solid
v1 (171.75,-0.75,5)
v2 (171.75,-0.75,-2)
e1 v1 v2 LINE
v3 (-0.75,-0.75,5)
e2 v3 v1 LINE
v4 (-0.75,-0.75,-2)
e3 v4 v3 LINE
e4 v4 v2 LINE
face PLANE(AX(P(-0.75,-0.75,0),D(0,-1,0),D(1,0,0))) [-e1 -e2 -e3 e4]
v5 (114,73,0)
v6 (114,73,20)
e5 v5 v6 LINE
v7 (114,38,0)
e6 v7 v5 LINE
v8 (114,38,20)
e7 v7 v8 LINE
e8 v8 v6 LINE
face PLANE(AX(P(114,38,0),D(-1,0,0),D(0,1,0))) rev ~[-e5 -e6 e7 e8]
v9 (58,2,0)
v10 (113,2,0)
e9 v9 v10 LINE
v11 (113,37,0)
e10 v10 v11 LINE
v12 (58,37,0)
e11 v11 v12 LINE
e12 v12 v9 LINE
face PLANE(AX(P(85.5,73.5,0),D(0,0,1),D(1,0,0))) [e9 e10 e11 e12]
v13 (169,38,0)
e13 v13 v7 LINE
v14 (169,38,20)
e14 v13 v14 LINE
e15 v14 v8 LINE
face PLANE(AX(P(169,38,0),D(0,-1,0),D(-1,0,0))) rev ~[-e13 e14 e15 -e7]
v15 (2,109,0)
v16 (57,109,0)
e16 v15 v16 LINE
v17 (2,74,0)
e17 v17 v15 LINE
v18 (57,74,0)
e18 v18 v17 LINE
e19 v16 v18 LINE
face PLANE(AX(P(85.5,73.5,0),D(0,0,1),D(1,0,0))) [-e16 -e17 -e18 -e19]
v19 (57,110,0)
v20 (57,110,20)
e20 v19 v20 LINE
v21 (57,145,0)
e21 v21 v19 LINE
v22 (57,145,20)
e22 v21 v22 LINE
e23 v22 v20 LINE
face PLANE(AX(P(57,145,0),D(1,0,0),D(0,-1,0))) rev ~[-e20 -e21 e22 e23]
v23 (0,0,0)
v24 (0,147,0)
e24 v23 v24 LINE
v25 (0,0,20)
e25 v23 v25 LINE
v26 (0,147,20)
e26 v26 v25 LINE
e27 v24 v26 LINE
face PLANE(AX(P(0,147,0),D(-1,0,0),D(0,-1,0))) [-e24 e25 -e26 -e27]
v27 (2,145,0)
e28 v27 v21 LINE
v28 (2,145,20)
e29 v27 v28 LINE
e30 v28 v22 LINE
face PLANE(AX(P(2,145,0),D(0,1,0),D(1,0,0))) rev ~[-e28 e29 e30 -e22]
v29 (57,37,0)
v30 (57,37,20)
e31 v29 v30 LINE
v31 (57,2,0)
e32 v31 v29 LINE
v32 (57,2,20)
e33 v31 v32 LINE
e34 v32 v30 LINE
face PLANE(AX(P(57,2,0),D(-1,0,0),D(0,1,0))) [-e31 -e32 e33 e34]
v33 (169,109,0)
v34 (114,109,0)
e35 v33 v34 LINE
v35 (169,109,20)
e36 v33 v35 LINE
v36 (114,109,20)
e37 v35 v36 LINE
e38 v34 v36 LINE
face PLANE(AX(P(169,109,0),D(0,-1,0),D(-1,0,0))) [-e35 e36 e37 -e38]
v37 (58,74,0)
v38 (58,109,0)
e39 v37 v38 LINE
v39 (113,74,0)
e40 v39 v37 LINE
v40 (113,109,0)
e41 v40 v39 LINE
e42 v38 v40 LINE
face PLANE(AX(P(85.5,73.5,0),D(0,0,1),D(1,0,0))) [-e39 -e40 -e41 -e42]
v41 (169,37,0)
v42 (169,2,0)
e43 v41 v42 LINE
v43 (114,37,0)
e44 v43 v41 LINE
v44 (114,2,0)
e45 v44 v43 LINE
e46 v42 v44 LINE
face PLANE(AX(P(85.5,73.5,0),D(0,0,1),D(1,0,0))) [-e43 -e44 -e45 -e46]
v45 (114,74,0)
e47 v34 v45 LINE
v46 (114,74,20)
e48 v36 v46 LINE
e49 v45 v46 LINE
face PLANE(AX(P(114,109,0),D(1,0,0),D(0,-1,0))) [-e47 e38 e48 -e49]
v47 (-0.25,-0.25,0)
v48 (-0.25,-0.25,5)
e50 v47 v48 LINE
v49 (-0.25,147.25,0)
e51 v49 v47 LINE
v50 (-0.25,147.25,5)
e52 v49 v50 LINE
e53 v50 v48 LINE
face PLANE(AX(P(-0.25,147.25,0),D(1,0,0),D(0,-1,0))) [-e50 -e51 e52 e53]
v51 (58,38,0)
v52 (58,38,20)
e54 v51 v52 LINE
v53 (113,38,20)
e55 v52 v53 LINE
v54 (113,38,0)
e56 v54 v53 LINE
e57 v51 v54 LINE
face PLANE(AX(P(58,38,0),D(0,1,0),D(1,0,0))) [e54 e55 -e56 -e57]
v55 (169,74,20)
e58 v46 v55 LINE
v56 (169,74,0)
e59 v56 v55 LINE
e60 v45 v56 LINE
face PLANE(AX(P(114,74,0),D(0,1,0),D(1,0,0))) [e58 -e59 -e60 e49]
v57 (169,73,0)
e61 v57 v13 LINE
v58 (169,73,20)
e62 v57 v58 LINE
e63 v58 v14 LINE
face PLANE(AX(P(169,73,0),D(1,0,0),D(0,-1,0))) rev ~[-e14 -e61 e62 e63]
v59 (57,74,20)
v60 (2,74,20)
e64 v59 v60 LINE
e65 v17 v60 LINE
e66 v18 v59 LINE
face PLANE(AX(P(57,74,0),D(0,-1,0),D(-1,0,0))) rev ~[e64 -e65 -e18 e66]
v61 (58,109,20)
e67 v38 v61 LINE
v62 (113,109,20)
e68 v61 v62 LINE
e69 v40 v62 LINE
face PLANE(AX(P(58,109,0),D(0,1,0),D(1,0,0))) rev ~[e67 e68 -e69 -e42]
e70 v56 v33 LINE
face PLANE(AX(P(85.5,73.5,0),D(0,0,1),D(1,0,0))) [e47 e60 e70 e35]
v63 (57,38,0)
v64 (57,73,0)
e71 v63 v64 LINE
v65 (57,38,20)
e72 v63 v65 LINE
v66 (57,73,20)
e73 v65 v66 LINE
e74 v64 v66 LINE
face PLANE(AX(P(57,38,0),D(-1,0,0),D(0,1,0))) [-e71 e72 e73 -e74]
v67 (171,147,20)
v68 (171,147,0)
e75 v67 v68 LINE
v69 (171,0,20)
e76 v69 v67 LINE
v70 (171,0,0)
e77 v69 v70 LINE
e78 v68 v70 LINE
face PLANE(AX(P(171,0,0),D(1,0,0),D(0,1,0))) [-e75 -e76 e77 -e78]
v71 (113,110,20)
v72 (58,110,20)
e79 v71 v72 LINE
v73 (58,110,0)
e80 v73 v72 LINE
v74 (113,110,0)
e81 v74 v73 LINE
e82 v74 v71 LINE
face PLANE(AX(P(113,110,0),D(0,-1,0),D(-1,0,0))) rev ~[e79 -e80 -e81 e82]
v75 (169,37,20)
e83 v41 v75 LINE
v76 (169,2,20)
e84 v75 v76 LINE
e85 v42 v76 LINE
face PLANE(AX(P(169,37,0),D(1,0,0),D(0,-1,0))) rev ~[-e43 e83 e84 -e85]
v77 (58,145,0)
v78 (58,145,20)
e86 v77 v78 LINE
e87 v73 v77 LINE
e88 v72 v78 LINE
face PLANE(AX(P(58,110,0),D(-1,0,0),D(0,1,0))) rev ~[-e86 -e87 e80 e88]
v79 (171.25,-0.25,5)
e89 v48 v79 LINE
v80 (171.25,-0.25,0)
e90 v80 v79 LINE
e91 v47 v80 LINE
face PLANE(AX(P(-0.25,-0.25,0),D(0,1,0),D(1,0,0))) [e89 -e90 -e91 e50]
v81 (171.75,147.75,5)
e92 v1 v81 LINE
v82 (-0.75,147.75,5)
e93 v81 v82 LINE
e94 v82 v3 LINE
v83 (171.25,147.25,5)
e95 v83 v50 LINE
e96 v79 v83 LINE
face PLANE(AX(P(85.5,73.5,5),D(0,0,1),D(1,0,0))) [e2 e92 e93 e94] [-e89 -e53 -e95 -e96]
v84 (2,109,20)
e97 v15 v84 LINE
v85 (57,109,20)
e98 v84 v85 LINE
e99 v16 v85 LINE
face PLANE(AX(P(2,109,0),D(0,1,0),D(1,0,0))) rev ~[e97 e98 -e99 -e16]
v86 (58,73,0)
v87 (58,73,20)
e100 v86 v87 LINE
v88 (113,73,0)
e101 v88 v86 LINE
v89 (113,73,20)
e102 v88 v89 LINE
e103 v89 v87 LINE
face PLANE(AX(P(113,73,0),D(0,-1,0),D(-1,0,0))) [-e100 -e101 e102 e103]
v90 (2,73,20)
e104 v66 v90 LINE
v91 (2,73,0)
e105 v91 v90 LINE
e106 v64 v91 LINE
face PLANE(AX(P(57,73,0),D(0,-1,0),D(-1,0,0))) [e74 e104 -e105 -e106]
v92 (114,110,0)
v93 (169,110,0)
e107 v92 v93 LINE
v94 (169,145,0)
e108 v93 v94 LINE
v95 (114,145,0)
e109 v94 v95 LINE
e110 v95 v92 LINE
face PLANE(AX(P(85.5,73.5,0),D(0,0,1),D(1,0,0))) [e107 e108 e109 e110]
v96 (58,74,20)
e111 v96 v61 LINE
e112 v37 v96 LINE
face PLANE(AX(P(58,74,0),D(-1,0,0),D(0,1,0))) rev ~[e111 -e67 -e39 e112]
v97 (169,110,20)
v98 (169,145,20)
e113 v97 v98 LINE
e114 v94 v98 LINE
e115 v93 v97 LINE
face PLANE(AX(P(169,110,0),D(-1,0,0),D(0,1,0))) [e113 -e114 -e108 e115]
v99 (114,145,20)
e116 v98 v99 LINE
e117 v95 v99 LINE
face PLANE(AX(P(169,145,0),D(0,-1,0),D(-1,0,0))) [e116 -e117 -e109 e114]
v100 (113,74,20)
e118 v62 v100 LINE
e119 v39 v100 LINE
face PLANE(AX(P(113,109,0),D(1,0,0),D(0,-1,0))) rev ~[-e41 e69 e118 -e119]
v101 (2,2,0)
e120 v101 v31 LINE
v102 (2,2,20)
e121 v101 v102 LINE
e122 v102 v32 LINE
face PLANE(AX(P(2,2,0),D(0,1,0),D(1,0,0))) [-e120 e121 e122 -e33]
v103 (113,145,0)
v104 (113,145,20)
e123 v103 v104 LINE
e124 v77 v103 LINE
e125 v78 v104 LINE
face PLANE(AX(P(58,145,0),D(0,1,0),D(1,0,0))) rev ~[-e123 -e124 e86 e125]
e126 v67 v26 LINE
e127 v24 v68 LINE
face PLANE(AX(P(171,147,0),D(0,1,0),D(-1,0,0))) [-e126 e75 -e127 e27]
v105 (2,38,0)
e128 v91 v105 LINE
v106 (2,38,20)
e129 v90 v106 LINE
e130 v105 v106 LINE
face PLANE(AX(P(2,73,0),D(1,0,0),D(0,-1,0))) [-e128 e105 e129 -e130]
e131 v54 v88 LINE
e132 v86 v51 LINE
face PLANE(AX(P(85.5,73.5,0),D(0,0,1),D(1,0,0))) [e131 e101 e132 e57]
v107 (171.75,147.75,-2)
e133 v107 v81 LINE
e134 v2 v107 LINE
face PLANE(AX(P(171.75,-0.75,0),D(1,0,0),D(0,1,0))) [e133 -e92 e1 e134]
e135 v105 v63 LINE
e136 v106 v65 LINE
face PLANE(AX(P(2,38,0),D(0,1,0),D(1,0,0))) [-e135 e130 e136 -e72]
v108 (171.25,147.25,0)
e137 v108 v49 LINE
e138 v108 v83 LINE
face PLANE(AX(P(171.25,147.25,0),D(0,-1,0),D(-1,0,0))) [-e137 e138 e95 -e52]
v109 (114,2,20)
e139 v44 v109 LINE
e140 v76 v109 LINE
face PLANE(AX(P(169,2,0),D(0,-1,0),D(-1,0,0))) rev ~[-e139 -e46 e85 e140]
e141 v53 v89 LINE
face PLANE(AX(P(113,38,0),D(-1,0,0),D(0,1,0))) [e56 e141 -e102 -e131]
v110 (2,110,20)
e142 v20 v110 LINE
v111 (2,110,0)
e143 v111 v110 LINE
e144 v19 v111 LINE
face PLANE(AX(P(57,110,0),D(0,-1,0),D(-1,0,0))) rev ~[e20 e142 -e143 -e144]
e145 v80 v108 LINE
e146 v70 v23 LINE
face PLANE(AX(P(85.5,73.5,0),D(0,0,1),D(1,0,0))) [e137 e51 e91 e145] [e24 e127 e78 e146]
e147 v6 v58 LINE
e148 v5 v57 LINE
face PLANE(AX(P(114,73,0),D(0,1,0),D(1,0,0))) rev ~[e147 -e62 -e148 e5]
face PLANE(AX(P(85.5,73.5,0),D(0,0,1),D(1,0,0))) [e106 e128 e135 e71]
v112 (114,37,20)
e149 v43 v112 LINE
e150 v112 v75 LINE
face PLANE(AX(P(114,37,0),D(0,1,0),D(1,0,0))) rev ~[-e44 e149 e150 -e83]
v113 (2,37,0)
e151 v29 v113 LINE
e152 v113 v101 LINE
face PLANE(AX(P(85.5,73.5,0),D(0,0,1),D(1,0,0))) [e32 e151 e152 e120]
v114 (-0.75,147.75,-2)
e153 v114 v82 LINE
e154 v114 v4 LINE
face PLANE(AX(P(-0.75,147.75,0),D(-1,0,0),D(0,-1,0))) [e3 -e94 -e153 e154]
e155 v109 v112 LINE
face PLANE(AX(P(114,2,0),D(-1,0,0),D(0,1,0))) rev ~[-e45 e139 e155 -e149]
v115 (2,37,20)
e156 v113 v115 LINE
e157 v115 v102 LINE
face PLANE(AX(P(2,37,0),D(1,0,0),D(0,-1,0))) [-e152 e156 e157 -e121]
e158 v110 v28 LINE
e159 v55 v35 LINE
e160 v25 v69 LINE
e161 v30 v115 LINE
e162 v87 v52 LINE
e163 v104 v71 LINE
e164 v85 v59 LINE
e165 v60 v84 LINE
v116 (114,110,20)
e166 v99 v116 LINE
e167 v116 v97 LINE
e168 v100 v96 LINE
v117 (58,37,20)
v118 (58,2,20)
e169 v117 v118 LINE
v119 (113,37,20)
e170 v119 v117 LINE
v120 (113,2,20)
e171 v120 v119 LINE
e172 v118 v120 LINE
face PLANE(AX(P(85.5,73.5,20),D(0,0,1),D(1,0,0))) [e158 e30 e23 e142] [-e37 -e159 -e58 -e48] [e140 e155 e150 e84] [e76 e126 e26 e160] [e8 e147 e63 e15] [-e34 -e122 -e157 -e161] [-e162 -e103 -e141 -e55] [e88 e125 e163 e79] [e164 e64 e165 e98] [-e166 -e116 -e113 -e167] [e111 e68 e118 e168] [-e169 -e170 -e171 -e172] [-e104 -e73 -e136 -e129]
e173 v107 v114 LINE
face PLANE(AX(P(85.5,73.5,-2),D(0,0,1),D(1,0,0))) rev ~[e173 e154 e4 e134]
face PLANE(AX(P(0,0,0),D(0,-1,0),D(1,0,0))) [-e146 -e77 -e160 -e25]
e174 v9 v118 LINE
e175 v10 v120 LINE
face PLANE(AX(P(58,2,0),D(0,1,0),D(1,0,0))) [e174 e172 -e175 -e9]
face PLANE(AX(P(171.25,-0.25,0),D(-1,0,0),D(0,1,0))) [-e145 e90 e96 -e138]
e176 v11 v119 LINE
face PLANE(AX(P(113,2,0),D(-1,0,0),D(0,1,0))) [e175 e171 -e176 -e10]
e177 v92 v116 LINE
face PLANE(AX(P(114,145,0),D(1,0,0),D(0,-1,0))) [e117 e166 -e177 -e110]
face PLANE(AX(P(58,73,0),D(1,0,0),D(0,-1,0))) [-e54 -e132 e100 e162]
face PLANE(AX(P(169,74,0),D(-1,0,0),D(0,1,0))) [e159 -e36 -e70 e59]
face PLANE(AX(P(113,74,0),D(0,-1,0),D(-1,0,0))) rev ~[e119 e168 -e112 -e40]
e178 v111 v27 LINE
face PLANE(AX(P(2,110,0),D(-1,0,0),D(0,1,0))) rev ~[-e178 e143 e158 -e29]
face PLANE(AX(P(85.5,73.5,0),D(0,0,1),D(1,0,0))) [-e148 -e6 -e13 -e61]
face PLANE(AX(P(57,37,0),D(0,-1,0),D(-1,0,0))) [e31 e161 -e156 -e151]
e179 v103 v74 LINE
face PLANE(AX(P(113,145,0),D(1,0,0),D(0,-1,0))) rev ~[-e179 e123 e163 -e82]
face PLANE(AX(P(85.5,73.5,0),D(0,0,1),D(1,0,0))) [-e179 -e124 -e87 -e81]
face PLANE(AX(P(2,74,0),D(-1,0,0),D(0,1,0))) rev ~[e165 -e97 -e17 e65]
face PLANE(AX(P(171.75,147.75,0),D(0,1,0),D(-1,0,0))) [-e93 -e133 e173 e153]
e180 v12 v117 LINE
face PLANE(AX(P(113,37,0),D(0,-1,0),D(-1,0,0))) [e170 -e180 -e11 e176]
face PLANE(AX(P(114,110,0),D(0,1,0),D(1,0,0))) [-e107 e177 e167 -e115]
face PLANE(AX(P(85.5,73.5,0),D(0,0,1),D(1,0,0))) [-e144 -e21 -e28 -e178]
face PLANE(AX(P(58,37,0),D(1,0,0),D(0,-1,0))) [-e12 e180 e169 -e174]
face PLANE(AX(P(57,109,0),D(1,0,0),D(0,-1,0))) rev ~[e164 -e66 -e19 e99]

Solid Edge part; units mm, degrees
sketch "Sketch1" plane through (0, 0, 0) normal (0, 0, 1) x (1, 0, 0)
  line L0 (171, 147) -> (0, 147)
  line L1 (0, 147) -> (0, 0)
  line L2 (0, 0) -> (171, 0)
  line L3 (171, 0) -> (171, 147)
extrude "Protrusion1" add sketch "Sketch1" against normal blind 2
sketch "Sketch2" plane through (0, 0, 0) normal (0, 0, 1) x (1, 0, 0)
  line L0 (113, 74) -> (58, 74)
  line L1 (58, 74) -> (58, 109)
  line L2 (58, 109) -> (113, 109)
  line L3 (113, 109) -> (113, 74)
  line L4 (58, 37) -> (58, 2)
  line L5 (58, 2) -> (113, 2)
  line L6 (113, 2) -> (113, 37)
  line L7 (113, 37) -> (58, 37)
  line L8 (58, 73) -> (58, 38)
  line L9 (58, 38) -> (113, 38)
  line L10 (113, 38) -> (113, 73)
  line L11 (113, 73) -> (58, 73)
  line L12 (2, 73) -> (2, 38)
  line L13 (2, 38) -> (57, 38)
  line L14 (57, 38) -> (57, 73)
  line L15 (57, 73) -> (2, 73)
  line L16 (2, 37) -> (2, 2)
  line L17 (2, 2) -> (57, 2)
  line L18 (57, 2) -> (57, 37)
  line L19 (57, 37) -> (2, 37)
  line L20 (57, 74) -> (2, 74)
  line L21 (2, 74) -> (2, 109)
  line L22 (2, 109) -> (57, 109)
  line L23 (57, 109) -> (57, 74)
  line L24 (171, 147) -> (0, 147)
  line L25 (0, 147) -> (0, 0)
  line L26 (0, 0) -> (171, 0)
  line L27 (171, 0) -> (171, 147)
  line L28 (57, 110) -> (2, 110)
  line L29 (2, 110) -> (2, 145)
  line L30 (2, 145) -> (57, 145)
  line L31 (57, 145) -> (57, 110)
  line L32 (114, 73) -> (169, 73)
  line L33 (169, 73) -> (169, 38)
  line L34 (169, 38) -> (114, 38)
  line L35 (114, 38) -> (114, 73)
  line L36 (114, 37) -> (169, 37)
  line L37 (169, 37) -> (169, 2)
  line L38 (169, 2) -> (114, 2)
  line L39 (114, 2) -> (114, 37)
  line L40 (113, 145) -> (113, 110)
  line L41 (113, 110) -> (58, 110)
  line L42 (58, 110) -> (58, 145)
  line L43 (58, 145) -> (113, 145)
  line L44 (169, 109) -> (114, 109)
  line L45 (114, 109) -> (114, 74)
  line L46 (114, 74) -> (169, 74)
  line L47 (169, 74) -> (169, 109)
  line L48 (114, 145) -> (114, 110)
  line L49 (114, 110) -> (169, 110)
  line L50 (169, 110) -> (169, 145)
  line L51 (169, 145) -> (114, 145)
  dimension "D1" = 171
  dimension "D2" = 147
  dimension "D3" = 55
  dimension "D4" = 35
  dimension "D5" = 2
  dimension "D6" = 2
  dimension "D7" = 55
  dimension "D8" = 35
  dimension "D9" = 1
  dimension "D10" = 2
  dimension "D11" = 2
  dimension "D12" = 55
  dimension "D13" = 55
  dimension "D14" = 35
  dimension "D15" = 35
  dimension "D16" = 1
  dimension "D17" = 1
  dimension "D18" = 1
  dimension "D19" = 171.5
  dimension "D20" = 147.5
extrude "FuseBoxHolder" add sketch "Sketch2" along normal blind 20
sketch "Sketch3" plane through (0, 0, 0) normal (0, 0, 1) x (1, 0, 0)
  line L0 (171.75, -0.75) -> (171.75, 147.75)
  line L1 (171.75, 147.75) -> (-0.75, 147.75)
  line L2 (-0.75, 147.75) -> (-0.75, -0.75)
  line L3 (-0.75, -0.75) -> (171.75, -0.75)
extrude "FuseBoxLidGround" add sketch "Sketch3" against normal blind 2
sketch "Sketch4" plane through (0, 0, 0) normal (0, 0, 1) x (1, 0, 0)
  line L0 (-0.25, 147.25) -> (-0.25, -0.25)
  line L1 (-0.25, -0.25) -> (171.25, -0.25)
  line L2 (171.25, -0.25) -> (171.25, 147.25)
  line L3 (171.25, 147.25) -> (-0.25, 147.25)
  line L4 (171.75, -0.75) -> (171.75, 147.75)
  line L5 (171.75, 147.75) -> (-0.75, 147.75)
  line L6 (-0.75, 147.75) -> (-0.75, -0.75)
  line L7 (-0.75, -0.75) -> (171.75, -0.75)
  dimension "D1" = 171
  dimension "D2" = 147
  dimension "D3" = 55
  dimension "D4" = 35
  dimension "D5" = 2
  dimension "D6" = 2
  dimension "D7" = 55
  dimension "D8" = 35
  dimension "D9" = 1
  dimension "D10" = 2
  dimension "D11" = 2
  dimension "D12" = 55
  dimension "D13" = 55
  dimension "D14" = 35
  dimension "D15" = 35
  dimension "D16" = 1
  dimension "D17" = 1
  dimension "D18" = 1
  dimension "D19" = 171.5
  dimension "D20" = 147.5
extrude "FuseBoxLidWalls" add sketch "Sketch4" along normal blind 5
